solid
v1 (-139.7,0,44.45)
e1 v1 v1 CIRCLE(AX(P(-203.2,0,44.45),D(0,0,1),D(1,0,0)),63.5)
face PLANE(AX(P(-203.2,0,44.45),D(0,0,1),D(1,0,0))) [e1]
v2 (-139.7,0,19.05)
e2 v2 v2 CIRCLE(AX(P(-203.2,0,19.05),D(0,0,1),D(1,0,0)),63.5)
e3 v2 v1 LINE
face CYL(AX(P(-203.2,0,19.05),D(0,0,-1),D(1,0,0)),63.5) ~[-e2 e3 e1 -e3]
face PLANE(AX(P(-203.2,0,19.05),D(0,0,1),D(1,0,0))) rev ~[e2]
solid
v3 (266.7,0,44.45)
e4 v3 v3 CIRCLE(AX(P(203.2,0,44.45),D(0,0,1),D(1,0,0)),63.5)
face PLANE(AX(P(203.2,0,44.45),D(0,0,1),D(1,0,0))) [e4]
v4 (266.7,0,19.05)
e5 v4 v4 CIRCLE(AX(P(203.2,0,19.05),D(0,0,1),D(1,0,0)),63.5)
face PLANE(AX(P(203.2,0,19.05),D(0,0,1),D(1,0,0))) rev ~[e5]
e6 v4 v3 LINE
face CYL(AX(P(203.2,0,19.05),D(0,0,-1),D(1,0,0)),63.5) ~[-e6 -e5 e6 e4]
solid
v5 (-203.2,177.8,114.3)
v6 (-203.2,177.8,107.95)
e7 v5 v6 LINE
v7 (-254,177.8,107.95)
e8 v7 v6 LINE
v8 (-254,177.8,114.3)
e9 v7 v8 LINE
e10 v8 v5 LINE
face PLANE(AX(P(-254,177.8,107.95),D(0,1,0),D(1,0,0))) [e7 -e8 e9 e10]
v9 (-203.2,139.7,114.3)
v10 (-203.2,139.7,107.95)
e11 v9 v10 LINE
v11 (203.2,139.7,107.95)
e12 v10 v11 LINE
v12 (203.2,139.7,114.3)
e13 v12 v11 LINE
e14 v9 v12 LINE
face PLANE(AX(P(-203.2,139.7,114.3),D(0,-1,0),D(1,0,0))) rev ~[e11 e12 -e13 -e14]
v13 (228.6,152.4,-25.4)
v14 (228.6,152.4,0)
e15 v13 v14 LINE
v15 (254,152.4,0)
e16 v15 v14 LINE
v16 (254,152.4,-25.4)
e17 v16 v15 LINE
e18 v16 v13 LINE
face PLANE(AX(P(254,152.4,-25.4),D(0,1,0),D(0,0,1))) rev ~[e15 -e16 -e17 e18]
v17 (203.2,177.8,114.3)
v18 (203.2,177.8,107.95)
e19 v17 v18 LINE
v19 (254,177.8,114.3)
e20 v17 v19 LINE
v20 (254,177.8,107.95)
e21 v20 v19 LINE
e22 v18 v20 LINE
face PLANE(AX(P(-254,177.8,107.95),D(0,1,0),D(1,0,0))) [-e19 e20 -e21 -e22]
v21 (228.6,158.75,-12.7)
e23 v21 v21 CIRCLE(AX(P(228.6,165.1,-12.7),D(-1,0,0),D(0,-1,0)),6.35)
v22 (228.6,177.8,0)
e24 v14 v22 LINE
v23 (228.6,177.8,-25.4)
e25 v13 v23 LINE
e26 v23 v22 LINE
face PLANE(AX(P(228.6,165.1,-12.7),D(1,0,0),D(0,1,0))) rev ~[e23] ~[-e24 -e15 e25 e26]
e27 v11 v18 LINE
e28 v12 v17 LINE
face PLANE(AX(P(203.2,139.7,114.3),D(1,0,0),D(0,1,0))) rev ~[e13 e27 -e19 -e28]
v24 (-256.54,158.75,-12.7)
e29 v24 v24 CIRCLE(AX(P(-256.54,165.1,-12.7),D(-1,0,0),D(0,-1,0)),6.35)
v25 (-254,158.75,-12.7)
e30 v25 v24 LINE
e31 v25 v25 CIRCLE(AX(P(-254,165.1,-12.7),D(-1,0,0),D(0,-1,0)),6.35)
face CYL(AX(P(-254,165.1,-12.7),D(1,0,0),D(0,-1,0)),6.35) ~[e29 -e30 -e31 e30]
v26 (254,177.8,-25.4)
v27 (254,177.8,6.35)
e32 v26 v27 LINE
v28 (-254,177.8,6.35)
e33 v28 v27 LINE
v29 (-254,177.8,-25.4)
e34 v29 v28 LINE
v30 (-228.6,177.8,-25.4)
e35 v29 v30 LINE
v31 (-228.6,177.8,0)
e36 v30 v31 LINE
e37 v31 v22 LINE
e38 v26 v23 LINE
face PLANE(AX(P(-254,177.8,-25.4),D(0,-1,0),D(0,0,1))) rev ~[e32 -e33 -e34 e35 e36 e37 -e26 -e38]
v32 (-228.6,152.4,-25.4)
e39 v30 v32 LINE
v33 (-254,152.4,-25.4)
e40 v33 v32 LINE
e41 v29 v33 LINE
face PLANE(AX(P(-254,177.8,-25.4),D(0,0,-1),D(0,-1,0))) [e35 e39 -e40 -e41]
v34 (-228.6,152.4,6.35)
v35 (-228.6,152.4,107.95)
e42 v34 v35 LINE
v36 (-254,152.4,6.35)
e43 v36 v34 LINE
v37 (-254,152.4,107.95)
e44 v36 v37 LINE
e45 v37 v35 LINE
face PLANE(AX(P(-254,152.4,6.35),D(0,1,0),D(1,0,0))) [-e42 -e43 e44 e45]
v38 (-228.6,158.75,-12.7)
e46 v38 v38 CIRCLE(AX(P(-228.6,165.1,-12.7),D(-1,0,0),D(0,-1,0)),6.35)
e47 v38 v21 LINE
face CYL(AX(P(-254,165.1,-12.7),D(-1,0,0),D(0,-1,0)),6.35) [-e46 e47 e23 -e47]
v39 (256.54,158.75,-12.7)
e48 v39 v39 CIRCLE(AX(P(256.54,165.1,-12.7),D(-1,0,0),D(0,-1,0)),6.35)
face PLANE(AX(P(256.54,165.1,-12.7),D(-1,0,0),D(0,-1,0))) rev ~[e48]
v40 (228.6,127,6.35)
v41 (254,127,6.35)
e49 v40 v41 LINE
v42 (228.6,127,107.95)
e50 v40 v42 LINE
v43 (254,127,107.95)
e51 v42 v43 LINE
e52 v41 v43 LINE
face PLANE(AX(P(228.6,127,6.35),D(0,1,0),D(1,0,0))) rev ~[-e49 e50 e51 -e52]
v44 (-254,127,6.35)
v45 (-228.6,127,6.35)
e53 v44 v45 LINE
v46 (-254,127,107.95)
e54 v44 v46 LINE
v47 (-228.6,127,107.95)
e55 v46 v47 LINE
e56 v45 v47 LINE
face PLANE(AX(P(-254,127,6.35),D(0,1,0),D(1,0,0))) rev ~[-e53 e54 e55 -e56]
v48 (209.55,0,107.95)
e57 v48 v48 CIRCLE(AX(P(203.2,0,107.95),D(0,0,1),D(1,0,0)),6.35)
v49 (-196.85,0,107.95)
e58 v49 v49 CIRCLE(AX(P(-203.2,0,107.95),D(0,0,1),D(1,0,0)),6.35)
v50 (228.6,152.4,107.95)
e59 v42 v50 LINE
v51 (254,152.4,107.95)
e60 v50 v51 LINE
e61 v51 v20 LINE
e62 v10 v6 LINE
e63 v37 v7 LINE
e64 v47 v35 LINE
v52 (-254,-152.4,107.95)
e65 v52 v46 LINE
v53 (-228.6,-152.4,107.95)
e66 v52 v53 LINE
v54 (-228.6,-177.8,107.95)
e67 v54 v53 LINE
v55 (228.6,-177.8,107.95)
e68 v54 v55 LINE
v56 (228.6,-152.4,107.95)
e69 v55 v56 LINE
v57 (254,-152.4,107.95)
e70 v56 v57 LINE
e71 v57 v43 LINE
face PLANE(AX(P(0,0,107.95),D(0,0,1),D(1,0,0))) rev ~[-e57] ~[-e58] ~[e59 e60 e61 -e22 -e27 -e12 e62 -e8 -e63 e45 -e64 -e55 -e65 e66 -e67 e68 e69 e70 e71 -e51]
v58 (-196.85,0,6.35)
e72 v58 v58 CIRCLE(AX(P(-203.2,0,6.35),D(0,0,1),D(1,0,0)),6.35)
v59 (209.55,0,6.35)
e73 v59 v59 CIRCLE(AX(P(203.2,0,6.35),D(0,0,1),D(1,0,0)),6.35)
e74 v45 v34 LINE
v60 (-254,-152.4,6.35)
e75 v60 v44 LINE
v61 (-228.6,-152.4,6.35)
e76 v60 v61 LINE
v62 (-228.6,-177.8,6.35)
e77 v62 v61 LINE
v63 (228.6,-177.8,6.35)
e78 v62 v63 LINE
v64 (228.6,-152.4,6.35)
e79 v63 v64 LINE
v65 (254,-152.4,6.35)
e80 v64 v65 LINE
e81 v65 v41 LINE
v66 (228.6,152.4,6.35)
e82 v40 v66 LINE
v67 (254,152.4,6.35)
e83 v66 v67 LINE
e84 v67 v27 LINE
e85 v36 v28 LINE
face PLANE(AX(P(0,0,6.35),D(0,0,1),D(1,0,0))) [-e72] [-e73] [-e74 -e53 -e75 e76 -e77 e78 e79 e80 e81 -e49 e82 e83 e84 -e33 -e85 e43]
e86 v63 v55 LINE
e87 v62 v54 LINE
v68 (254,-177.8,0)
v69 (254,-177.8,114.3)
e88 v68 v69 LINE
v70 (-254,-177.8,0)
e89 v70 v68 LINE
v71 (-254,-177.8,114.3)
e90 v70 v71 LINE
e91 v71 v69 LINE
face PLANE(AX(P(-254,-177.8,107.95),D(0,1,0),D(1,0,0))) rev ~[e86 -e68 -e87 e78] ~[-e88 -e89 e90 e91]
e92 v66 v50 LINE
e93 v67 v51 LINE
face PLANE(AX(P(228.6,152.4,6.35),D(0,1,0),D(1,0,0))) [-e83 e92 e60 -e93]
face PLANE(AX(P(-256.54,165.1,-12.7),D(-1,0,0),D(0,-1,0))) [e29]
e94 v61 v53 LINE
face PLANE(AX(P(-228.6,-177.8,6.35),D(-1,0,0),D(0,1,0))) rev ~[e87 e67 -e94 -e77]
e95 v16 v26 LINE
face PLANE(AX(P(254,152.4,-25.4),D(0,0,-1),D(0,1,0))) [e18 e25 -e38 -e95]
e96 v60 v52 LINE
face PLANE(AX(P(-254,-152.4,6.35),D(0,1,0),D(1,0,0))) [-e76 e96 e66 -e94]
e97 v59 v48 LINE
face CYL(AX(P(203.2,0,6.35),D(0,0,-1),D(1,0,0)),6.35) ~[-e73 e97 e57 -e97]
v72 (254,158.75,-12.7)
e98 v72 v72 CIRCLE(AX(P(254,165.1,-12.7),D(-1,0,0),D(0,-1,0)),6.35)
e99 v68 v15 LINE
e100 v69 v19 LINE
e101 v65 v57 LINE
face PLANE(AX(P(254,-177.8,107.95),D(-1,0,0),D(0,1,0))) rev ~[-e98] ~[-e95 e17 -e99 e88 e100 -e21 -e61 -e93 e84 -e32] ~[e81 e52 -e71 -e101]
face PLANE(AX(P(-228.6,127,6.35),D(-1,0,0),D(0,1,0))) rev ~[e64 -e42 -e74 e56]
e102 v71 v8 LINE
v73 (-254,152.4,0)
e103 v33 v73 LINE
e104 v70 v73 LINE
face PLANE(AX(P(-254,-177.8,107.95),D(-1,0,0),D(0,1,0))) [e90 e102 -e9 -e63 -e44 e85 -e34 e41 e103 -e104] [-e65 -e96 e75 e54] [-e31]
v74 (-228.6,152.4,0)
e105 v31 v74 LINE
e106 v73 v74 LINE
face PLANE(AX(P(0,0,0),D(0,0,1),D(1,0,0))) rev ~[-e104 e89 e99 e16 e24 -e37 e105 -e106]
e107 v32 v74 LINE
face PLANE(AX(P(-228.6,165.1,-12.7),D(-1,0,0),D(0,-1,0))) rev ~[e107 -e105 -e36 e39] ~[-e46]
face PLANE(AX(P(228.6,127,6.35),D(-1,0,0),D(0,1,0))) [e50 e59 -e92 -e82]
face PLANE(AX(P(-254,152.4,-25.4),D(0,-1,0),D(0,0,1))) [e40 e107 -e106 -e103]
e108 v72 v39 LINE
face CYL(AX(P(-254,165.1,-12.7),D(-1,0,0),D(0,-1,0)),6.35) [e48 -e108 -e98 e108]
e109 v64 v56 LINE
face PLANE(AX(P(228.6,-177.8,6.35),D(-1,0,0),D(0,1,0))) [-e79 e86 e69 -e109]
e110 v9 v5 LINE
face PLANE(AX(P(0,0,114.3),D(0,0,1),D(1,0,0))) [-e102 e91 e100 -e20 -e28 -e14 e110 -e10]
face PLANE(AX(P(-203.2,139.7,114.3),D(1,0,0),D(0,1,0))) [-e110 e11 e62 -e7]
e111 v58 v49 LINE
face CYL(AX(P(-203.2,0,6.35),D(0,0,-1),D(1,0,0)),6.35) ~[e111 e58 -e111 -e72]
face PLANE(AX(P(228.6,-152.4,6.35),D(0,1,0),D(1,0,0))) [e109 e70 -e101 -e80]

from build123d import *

# Parameters (mm, degrees)
F0_W          = 508
F0_H          = 355.6
F1_DEPTH      = 6.35
F2_W          = 25.4
F2_H          = 25.4
F3_DEPTH      = 25.4
F4_W          = 25.4
F4_H          = 25.4
F5_DEPTH      = 25.4
F6_R          = 6.35
F7_DEPTH      = 2.54
F7_DEPTH_BACK = 510.54
F8_W          = 25.4
F8_H          = 25.4
F9_DEPTH      = 101.6
F10_W         = 508
F10_H         = 355.6
F11_DEPTH     = 6.35
F13_START     = 12.7
F12_R         = 63.5
F13_DEPTH     = 25.4
F14_R         = 6.35
F15_DEPTH     = 101.6
F16_W         = 406.4
F16_H         = 38.1
F17_DEPTH     = 6.35


with BuildPart() as f1:
    # F0 (on Top) → F1 (new body)
    with BuildSketch(Plane.XY):
        Rectangle(F0_W, F0_H)
    extrude(amount=F1_DEPTH)

    # F2 (on face) → F3 (join)
    with BuildSketch(Plane.YZ.offset(254)):
        with Locations((165.1, -12.7)):
            Rectangle(F2_W, F2_H)
    extrude(amount=-F3_DEPTH)

    # F4 (on face) → F5 (join)
    with BuildSketch(Plane(origin=(-254, 0, 0), x_dir=(0, -1, 0), z_dir=(-1, 0, 0))):
        with Locations((-165.1, -12.7)):
            Rectangle(F4_W, F4_H)
    extrude(amount=-F5_DEPTH)

    # F6 (on face) → F7 (join, two sides)
    with BuildSketch(Plane(origin=(-254, 0, 0), x_dir=(0, -1, 0), z_dir=(-1, 0, 0))) as f7_sk:
        with Locations((-165.1, -12.7)):
            Circle(F6_R)
    extrude(amount=F7_DEPTH)
    extrude(f7_sk.sketch, amount=-F7_DEPTH_BACK)

    # F8 (on face) → F9 (join)
    with BuildSketch(Plane.XY.offset(6.35)):
        with Locations((241.3, -165.1)):
            Rectangle(F8_W, F8_H)
        with Locations((-241.3, -165.1)):
            Rectangle(F8_W, F8_H)
        with Locations((241.3, 139.7)):
            Rectangle(F8_W, F8_H)
        with Locations((-241.3, 139.7)):
            Rectangle(F8_W, F8_H)
    extrude(amount=F9_DEPTH)

    # F10 (on face) → F11 (join)
    with BuildSketch(Plane.XY.offset(107.95)):
        Rectangle(F10_W, F10_H)
    extrude(amount=F11_DEPTH)

    # F14 (on face) → F15 (join)
    with BuildSketch(Plane.XY.offset(6.35)):
        with Locations((203.2, 0)):
            Circle(F14_R)
        with Locations((-203.2, 0)):
            Circle(F14_R)
    extrude(amount=F15_DEPTH)

    # F16 (on face) → F17 (cut)
    with BuildSketch(Plane.XY.offset(114.3)):
        with Locations((0, 158.75)):
            Rectangle(F16_W, F16_H)
    extrude(amount=-F17_DEPTH, mode=Mode.SUBTRACT)


with BuildPart() as f13:
    # F12 (on face) → F13 (new body)
    with BuildSketch(Plane.XY.offset(6.35).offset(F13_START)):
        with Locations((-203.2, 0)):
            Circle(F12_R)
    extrude(amount=F13_DEPTH)


with BuildPart() as f13b:
    # F12 (on face) → F13, piece 2 (new body)
    with BuildSketch(Plane.XY.offset(6.35).offset(F13_START)):
        with Locations((203.2, 0)):
            Circle(F12_R)
    extrude(amount=F13_DEPTH)


solid = Compound([f1.part, f13.part, f13b.part])
